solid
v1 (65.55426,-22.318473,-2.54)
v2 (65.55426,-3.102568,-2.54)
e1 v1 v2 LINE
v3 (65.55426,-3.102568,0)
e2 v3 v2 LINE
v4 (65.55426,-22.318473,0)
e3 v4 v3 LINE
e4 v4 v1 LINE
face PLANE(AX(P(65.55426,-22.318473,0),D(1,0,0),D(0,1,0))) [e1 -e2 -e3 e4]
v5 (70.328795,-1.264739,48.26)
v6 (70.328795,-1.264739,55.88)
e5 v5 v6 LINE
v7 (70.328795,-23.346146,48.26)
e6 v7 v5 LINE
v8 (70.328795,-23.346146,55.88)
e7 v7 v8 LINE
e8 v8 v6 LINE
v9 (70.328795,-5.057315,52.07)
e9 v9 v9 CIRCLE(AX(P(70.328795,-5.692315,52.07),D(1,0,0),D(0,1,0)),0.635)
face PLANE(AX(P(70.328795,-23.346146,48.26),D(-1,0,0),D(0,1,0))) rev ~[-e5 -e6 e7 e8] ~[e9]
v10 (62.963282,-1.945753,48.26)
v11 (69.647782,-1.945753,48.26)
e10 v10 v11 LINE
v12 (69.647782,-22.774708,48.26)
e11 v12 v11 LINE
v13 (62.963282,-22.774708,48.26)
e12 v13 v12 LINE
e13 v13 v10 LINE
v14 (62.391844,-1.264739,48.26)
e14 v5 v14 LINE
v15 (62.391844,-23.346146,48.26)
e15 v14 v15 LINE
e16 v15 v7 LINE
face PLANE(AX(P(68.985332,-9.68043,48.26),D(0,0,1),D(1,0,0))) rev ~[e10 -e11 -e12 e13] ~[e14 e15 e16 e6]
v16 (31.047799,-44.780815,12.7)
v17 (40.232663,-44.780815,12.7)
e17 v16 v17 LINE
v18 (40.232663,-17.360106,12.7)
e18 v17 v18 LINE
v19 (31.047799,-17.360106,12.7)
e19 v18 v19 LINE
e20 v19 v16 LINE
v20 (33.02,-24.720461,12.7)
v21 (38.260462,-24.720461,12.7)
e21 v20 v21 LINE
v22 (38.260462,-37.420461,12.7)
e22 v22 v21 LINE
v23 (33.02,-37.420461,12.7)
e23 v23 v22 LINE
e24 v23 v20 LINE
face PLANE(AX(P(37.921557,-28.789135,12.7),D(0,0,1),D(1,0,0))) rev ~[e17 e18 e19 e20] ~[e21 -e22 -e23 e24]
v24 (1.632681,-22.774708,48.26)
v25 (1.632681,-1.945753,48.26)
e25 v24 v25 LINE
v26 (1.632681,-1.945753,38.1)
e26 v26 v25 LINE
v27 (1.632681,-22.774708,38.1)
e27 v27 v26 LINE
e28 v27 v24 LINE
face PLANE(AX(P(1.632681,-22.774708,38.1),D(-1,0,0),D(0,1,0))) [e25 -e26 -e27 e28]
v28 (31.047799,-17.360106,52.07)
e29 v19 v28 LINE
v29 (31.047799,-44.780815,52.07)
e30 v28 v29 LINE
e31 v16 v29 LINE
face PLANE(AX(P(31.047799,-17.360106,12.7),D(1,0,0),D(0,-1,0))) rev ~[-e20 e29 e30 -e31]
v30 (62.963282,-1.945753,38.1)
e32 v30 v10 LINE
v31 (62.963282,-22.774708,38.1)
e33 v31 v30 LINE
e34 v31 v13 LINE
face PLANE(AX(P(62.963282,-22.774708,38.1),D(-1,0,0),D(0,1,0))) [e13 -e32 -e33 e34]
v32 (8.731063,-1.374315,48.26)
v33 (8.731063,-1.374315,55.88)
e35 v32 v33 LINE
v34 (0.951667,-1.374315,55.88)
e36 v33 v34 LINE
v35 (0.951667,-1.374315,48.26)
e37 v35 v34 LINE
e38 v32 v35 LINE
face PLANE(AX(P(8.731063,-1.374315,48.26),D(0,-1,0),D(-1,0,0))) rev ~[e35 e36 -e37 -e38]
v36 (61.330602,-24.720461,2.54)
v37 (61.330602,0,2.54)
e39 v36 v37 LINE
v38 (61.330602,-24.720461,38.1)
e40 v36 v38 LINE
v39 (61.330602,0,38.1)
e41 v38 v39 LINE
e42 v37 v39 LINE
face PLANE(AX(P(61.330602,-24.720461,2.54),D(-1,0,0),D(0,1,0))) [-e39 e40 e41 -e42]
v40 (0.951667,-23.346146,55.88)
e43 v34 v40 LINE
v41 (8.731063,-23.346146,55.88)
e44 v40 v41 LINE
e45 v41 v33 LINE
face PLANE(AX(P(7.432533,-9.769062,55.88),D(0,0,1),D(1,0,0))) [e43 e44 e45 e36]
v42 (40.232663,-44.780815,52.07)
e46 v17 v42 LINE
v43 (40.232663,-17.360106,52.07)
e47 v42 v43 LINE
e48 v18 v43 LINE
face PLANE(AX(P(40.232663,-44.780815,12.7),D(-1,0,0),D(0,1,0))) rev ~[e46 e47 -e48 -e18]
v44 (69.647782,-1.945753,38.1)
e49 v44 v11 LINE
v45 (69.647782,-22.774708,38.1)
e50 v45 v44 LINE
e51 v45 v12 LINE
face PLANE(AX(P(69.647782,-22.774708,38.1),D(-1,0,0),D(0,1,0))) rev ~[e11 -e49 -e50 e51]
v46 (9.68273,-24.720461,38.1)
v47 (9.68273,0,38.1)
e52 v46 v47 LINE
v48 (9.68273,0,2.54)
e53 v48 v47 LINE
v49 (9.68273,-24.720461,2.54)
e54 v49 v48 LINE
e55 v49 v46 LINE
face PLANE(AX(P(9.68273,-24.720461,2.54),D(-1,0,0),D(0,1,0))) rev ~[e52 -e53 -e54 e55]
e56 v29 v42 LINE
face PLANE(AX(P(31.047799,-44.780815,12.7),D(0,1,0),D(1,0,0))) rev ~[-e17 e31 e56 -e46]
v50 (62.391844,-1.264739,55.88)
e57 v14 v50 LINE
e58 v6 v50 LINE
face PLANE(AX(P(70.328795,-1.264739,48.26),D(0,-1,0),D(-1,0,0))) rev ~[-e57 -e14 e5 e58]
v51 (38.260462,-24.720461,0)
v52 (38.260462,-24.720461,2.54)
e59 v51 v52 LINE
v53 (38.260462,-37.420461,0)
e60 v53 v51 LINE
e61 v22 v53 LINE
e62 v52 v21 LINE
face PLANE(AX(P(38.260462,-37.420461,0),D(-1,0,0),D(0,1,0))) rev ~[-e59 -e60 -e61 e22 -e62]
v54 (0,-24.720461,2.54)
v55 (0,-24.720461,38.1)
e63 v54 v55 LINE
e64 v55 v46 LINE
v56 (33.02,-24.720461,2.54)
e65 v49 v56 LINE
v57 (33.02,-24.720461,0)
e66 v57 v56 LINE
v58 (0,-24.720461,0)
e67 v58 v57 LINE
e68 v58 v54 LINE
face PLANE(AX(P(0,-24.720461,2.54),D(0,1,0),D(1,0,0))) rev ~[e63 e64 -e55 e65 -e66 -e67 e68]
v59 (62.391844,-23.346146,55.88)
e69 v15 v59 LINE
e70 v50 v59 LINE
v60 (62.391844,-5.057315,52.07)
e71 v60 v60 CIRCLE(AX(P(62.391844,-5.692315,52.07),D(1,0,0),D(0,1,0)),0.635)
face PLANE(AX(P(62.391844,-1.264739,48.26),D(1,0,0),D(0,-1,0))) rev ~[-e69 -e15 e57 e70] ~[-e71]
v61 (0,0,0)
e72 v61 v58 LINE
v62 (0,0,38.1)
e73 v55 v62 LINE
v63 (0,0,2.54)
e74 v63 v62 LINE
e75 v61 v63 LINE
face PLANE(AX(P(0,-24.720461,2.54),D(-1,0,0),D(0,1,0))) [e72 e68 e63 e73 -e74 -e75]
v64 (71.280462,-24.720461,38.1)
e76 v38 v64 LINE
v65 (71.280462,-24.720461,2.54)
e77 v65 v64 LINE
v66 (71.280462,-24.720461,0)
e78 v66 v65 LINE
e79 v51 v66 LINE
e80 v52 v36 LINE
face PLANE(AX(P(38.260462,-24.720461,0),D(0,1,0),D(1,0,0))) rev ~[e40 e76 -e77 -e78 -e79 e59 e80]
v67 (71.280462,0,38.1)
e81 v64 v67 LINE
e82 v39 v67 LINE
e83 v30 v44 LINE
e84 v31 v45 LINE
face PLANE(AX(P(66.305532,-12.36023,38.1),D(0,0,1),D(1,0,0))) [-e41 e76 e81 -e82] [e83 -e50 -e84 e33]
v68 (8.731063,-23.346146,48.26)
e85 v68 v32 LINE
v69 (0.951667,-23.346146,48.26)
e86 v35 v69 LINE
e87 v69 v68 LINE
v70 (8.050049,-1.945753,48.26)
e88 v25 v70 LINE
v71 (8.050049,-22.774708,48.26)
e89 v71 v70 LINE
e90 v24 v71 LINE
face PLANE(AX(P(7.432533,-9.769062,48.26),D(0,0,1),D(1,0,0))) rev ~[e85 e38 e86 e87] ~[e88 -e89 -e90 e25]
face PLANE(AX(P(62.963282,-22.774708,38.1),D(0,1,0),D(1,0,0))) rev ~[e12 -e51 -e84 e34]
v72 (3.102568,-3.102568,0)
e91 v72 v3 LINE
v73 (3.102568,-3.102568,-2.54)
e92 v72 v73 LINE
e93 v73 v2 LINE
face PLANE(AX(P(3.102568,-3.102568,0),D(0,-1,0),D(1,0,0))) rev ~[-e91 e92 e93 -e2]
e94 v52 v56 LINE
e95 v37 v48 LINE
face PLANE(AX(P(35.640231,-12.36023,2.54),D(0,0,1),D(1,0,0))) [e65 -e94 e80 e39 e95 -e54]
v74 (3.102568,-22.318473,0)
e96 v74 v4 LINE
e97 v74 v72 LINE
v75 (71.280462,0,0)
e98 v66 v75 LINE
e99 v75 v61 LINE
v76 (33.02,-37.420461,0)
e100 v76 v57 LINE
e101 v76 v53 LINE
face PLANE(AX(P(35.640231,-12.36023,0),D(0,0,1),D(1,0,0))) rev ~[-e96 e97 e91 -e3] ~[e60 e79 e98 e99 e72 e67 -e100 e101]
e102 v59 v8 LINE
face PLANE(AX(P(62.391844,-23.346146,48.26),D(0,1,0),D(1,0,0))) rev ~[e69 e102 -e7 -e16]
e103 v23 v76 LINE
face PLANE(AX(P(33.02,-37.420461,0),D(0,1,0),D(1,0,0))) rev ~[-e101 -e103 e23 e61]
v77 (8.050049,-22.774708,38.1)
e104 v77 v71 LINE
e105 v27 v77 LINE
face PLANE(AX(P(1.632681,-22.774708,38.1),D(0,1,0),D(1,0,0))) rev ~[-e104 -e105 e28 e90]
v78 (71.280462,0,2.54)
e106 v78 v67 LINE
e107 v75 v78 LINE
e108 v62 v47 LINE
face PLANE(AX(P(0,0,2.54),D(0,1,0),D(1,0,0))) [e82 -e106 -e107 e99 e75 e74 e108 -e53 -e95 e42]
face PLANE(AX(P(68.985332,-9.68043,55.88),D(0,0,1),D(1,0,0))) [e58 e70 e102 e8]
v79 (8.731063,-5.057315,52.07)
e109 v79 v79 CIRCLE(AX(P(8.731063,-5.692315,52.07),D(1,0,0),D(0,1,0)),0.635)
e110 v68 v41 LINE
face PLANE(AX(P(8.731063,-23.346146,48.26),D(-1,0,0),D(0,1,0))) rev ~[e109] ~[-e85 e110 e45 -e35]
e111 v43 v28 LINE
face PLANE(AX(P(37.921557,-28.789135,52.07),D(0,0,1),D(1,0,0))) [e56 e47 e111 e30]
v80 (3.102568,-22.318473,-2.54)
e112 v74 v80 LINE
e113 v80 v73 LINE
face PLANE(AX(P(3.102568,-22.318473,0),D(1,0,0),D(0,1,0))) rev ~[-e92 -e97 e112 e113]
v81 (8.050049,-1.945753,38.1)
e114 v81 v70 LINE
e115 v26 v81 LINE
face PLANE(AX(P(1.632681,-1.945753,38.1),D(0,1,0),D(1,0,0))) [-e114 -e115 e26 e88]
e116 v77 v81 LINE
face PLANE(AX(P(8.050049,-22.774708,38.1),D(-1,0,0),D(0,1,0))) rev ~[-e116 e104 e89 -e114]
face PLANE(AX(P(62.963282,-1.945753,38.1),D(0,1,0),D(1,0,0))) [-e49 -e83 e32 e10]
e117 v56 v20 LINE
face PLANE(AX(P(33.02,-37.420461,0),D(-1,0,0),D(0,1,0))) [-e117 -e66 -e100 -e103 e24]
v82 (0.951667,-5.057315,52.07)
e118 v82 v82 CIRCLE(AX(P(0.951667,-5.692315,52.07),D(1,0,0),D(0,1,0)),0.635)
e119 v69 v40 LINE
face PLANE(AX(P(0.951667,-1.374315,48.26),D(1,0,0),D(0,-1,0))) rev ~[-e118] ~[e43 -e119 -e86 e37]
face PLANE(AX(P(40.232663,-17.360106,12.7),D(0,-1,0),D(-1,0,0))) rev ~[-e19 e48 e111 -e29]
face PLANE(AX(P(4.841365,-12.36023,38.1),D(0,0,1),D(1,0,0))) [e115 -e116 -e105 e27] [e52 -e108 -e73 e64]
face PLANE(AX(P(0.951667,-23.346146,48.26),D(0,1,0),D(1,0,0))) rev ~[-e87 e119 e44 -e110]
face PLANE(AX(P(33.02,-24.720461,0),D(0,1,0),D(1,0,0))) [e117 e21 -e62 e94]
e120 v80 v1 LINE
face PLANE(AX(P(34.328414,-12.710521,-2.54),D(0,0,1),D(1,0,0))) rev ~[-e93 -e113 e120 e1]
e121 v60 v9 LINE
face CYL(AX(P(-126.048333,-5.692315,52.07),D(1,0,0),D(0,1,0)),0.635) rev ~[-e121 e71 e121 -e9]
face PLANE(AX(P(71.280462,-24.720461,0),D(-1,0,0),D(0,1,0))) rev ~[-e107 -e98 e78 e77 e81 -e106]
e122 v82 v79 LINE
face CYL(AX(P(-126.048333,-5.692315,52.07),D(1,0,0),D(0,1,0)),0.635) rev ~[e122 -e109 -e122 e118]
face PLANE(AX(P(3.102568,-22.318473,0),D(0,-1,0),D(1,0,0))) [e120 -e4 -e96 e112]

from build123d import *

# Parameters (mm, degrees)
F0_W      = 62.4516925456
F0_H      = 19.2159049461
F1_DEPTH  = 2.54
F0_W_2    = 5.240462238
F0_H_2    = 12.7
F1_FACE_W = 62.4516925456
F1_FACE_H = 19.2159049461
F2_DEPTH  = 2.54
F3_DEPTH  = 2.54
F4_DEPTH  = 12.7
F5_W      = 9.6827298403
F5_H      = 24.7204606325
F5_W_2    = 9.949860665
F6_DEPTH  = 35.56
F7_W      = 6.4173687831
F7_H      = 20.8289548615
F8_DEPTH  = 10.16
F9_W      = 6.6844996078
F9_H      = 20.8289548615
F10_DEPTH = 10.16
F11_W     = 6.4173687831
F11_H     = 20.8289548615
F12_DEPTH = 7.62
F13_W     = 6.6844996078
F13_H     = 20.8289548615
F14_DEPTH = 7.62
F16_D     = 1.27
F16_DEPTH = 127
F16_TIP   = 0.3815464931
F17_W     = 5.240462238
F17_H     = 12.7
F18_DEPTH = 39.37


with BuildPart() as f1:
    # F0 (on Top) → F1 (new body)
    with BuildSketch(Plane.XY):
        with Locations((34.3284141645, -12.7105206001)):
            Rectangle(F0_W, F0_H)
    extrude(amount=F1_DEPTH)

    # F0 (on Top) + F1_face (on face) → F2 (join)
    with BuildSketch(Plane.XY):
        Polygon((71.280462238, 0), (0, 0), (0, -24.7204606325), (33.02, -24.7204606325), (38.260462238, -24.7204606325), (71.280462238, -24.7204606325), align=None)
        with Locations((34.3284141645, -12.7105206001)):
            Rectangle(F0_W, F0_H, mode=Mode.SUBTRACT)
        with Locations((35.640231119, -31.0704606325)):
            Rectangle(F0_W_2, F0_H_2)
    with BuildSketch(Plane(origin=(34.3284141645, -12.7105206001, 0), x_dir=(1, 0, 0), z_dir=(0, 0, -1))):
        Rectangle(F1_FACE_W, F1_FACE_H)
    extrude(amount=F2_DEPTH, dir=(0, 0, 1))

    # F0 (on Top) → F3 (join)
    with BuildSketch(Plane.XY):
        with Locations((34.3284141645, -12.7105206001)):
            Rectangle(F0_W, F0_H)
    extrude(amount=-F3_DEPTH)

    # F0 (on Top) → F4 (join)
    with BuildSketch(Plane.XY):
        with Locations((35.640231119, -31.0704606325)):
            Rectangle(F0_W_2, F0_H_2)
    extrude(amount=F4_DEPTH)

    # F5 (on face) → F6 (join)
    with BuildSketch(Plane.XY.offset(2.54)):
        with Locations((4.8413649201, -12.3602303163)):
            Rectangle(F5_W, F5_H)
        with Locations((66.3055319055, -12.3602303163)):
            Rectangle(F5_W_2, F5_H)
    extrude(amount=F6_DEPTH)

    # F7 (on face) → F8 (join)
    with BuildSketch(Plane.XY.offset(38.1)):
        with Locations((4.8413649201, -12.3602303163)):
            Rectangle(F7_W, F7_H)
    extrude(amount=F8_DEPTH)

    # F9 (on face) → F10 (join)
    with BuildSketch(Plane.XY.offset(38.1)):
        with Locations((66.3055319055, -12.3602303163)):
            Rectangle(F9_W, F9_H)
    extrude(amount=F10_DEPTH)

    # F11 (on face) → F12 (join)
    with BuildSketch(Plane.XY.offset(48.26)):
        Polygon((8.7310628216, -1.3743147005), (0.9516670187, -1.3743147005), (1.6326805286, -1.9457528855), (8.0500493117, -1.9457528855), (8.0500493117, -22.774707747), (8.7310628216, -23.346145932), align=None)
        Polygon((1.6326805286, -1.9457528855), (0.9516670187, -1.3743147005), (0.9516670187, -23.346145932), (8.7310628216, -23.346145932), (8.0500493117, -22.774707747), (1.6326805286, -22.774707747), align=None)
        with Locations((4.8413649201, -12.3602303163)):
            Rectangle(F11_W, F11_H)
    extrude(amount=F12_DEPTH)

    # F13 (on face) → F14 (join)
    with BuildSketch(Plane.XY.offset(48.26)):
        Polygon((70.3287952193, -1.2647393756), (62.3918439166, -1.2647393756), (62.9632821016, -1.9457528855), (69.6477817094, -1.9457528855), (69.6477817094, -22.774707747), (70.3287952193, -23.346145932), align=None)
        Polygon((62.9632821016, -1.9457528855), (62.3918439166, -1.2647393756), (62.3918439166, -23.346145932), (70.3287952193, -23.346145932), (69.6477817094, -22.774707747), (62.9632821016, -22.774707747), align=None)
        with Locations((66.3055319055, -12.3602303163)):
            Rectangle(F13_W, F13_H)
    extrude(amount=F14_DEPTH)

    # F16
    with Locations(Plane(origin=(0.9516670187, 0, 0), x_dir=(0, -1, 0), z_dir=(-1, 0, 0))):
        with Locations((5.6923147005, 52.07)):
            Hole(F16_D / 2, depth=F16_DEPTH)
            with Locations((0, 0, -(F16_DEPTH + F16_TIP / 2))):  # 118° drill point
                Cone(0, F16_D / 2, F16_TIP, mode=Mode.SUBTRACT)

    # F17 (on face) → F18 (join)
    with BuildSketch(Plane.XY.offset(12.7)):
        Polygon((40.2326633617, -17.3601058362), (31.0477988763, -17.3601058362), (33.02, -24.7204606325), (38.260462238, -24.7204606325), (38.260462238, -37.4204606325), (40.2326633617, -44.7808154288), align=None)
        Polygon((33.02, -24.7204606325), (31.0477988763, -17.3601058362), (31.0477988763, -44.7808154288), (40.2326633617, -44.7808154288), (38.260462238, -37.4204606325), (33.02, -37.4204606325), align=None)
        with Locations((35.640231119, -31.0704606325)):
            Rectangle(F17_W, F17_H)
    extrude(amount=F18_DEPTH)


solid = f1.part
